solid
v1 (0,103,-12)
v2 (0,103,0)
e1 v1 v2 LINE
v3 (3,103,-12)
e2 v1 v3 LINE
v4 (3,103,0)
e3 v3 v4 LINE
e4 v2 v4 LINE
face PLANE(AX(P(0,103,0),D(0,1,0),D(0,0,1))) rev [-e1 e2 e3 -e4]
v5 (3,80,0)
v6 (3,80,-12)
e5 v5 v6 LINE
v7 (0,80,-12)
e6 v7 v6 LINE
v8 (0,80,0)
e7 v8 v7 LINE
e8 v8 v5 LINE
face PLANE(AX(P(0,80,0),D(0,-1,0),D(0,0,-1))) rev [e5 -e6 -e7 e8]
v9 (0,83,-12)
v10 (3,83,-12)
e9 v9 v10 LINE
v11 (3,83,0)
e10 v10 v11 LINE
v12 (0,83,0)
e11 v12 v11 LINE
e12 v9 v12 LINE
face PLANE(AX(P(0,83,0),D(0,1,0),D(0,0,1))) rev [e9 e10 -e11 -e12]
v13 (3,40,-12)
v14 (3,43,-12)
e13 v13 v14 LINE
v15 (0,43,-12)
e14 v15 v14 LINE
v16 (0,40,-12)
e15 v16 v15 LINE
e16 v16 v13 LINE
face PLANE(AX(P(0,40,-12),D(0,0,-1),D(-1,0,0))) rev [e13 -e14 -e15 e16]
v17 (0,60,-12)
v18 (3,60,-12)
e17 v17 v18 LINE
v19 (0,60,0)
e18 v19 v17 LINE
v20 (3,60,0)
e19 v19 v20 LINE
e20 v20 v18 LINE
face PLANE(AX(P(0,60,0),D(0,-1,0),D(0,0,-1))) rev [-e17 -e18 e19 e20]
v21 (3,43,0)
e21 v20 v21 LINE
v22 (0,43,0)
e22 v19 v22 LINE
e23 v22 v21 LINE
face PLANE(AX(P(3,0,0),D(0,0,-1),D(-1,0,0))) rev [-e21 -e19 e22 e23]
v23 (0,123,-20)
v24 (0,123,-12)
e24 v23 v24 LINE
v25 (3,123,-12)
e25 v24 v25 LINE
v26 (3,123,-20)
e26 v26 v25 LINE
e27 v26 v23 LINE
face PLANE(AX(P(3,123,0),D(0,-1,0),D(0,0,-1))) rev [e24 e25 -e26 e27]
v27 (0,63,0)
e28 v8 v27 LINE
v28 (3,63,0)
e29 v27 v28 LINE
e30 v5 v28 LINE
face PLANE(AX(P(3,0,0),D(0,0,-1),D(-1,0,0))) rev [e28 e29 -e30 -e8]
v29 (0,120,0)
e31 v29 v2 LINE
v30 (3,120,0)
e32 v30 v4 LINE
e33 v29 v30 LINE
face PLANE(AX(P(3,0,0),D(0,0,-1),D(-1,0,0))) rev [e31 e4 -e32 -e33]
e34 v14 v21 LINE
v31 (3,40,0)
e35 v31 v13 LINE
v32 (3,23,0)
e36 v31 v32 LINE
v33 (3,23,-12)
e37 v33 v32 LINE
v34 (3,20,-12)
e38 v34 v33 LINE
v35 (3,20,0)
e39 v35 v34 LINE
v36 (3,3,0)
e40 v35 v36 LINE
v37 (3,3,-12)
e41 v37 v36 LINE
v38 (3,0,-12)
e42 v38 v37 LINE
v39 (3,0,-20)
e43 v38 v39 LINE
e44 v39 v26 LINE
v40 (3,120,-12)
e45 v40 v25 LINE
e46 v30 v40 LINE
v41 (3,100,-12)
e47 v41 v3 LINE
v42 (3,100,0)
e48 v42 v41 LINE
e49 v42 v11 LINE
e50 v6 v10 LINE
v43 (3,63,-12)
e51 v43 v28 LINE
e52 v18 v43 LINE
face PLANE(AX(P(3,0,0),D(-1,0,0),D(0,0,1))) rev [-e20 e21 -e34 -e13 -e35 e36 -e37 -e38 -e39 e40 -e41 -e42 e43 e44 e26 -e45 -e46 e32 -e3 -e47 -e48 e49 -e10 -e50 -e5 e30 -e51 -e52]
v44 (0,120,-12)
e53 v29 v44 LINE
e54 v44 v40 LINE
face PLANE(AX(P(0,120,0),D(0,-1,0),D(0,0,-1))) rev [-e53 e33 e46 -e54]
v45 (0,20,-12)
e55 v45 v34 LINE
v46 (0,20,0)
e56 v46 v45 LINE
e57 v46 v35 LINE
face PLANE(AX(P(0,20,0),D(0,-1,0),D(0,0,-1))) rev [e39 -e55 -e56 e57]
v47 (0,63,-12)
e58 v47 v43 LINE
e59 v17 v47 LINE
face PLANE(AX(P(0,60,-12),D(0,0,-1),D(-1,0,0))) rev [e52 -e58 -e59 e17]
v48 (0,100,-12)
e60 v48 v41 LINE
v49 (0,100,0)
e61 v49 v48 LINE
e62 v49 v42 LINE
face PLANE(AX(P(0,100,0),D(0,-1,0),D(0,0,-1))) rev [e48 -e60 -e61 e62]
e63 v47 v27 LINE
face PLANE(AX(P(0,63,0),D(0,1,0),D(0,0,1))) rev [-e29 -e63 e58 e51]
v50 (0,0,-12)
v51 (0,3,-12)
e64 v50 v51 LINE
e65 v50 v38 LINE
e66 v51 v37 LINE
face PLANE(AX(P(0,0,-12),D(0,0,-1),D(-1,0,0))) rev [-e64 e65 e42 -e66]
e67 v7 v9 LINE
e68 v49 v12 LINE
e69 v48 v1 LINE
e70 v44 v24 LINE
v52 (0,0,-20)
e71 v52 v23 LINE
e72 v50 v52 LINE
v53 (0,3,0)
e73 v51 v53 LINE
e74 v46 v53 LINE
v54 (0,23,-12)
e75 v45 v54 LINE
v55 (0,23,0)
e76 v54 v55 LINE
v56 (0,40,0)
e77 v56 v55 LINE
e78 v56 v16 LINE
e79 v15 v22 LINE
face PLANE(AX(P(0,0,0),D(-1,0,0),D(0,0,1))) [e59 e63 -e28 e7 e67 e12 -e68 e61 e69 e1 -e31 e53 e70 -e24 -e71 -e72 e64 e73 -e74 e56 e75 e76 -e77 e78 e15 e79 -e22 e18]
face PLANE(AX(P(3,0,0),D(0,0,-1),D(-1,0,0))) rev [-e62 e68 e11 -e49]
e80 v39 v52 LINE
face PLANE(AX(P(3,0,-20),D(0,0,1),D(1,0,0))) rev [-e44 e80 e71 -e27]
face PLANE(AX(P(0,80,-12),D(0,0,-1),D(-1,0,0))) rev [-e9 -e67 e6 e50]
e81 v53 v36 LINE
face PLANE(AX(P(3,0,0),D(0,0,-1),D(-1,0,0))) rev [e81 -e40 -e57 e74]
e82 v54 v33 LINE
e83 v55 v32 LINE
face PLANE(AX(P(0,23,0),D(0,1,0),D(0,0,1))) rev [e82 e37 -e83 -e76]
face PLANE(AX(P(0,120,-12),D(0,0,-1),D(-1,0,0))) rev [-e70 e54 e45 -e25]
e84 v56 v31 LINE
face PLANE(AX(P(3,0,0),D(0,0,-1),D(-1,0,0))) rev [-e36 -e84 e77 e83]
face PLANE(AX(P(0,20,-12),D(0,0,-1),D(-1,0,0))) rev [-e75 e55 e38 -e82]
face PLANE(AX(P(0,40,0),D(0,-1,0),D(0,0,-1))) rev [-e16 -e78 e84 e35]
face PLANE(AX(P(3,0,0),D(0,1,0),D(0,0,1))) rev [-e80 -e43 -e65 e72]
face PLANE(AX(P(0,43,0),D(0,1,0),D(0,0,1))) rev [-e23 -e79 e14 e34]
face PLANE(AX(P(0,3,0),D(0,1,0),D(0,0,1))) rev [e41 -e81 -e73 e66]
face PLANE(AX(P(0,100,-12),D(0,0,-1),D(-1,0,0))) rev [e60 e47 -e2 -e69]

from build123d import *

# Parameters (mm, degrees)
SKETCH1_W           = 20
SKETCH1_H           = 123
BOSS_EXTRUDE1_DEPTH = 3
SKETCH2_W           = 12
SKETCH2_H           = 3
CUT_EXTRUDE1_DEPTH  = 125.651514231
LPATTERN1_COUNT     = 7
LPATTERN1_PITCH     = 20


with BuildPart() as part:
    # Sketch1 → Boss-Extrude1 (new body)
    with BuildSketch(Plane(origin=(0, 0, 0), x_dir=(0, 0, -1), z_dir=(1, 0, 0))):
        with Locations((10, 61.5)):
            Rectangle(SKETCH1_W, SKETCH1_H)
    extrude(amount=BOSS_EXTRUDE1_DEPTH)

    # Sketch2 → Cut-Extrude1 (cut, through all)
    with BuildSketch(Plane(origin=(3, 0, 0), x_dir=(0, 0, -1), z_dir=(1, 0, 0))):
        with Locations((6, 1.5)):
            Rectangle(SKETCH2_W, SKETCH2_H)
    cut_extrude1 = extrude(amount=-CUT_EXTRUDE1_DEPTH, mode=Mode.SUBTRACT)

    # LPattern1: Cut-Extrude1 ×7
    with Locations(*[(0, i * LPATTERN1_PITCH, 0) for i in range(1, LPATTERN1_COUNT)]):
        add(cut_extrude1, mode=Mode.SUBTRACT)


solid = part.part
